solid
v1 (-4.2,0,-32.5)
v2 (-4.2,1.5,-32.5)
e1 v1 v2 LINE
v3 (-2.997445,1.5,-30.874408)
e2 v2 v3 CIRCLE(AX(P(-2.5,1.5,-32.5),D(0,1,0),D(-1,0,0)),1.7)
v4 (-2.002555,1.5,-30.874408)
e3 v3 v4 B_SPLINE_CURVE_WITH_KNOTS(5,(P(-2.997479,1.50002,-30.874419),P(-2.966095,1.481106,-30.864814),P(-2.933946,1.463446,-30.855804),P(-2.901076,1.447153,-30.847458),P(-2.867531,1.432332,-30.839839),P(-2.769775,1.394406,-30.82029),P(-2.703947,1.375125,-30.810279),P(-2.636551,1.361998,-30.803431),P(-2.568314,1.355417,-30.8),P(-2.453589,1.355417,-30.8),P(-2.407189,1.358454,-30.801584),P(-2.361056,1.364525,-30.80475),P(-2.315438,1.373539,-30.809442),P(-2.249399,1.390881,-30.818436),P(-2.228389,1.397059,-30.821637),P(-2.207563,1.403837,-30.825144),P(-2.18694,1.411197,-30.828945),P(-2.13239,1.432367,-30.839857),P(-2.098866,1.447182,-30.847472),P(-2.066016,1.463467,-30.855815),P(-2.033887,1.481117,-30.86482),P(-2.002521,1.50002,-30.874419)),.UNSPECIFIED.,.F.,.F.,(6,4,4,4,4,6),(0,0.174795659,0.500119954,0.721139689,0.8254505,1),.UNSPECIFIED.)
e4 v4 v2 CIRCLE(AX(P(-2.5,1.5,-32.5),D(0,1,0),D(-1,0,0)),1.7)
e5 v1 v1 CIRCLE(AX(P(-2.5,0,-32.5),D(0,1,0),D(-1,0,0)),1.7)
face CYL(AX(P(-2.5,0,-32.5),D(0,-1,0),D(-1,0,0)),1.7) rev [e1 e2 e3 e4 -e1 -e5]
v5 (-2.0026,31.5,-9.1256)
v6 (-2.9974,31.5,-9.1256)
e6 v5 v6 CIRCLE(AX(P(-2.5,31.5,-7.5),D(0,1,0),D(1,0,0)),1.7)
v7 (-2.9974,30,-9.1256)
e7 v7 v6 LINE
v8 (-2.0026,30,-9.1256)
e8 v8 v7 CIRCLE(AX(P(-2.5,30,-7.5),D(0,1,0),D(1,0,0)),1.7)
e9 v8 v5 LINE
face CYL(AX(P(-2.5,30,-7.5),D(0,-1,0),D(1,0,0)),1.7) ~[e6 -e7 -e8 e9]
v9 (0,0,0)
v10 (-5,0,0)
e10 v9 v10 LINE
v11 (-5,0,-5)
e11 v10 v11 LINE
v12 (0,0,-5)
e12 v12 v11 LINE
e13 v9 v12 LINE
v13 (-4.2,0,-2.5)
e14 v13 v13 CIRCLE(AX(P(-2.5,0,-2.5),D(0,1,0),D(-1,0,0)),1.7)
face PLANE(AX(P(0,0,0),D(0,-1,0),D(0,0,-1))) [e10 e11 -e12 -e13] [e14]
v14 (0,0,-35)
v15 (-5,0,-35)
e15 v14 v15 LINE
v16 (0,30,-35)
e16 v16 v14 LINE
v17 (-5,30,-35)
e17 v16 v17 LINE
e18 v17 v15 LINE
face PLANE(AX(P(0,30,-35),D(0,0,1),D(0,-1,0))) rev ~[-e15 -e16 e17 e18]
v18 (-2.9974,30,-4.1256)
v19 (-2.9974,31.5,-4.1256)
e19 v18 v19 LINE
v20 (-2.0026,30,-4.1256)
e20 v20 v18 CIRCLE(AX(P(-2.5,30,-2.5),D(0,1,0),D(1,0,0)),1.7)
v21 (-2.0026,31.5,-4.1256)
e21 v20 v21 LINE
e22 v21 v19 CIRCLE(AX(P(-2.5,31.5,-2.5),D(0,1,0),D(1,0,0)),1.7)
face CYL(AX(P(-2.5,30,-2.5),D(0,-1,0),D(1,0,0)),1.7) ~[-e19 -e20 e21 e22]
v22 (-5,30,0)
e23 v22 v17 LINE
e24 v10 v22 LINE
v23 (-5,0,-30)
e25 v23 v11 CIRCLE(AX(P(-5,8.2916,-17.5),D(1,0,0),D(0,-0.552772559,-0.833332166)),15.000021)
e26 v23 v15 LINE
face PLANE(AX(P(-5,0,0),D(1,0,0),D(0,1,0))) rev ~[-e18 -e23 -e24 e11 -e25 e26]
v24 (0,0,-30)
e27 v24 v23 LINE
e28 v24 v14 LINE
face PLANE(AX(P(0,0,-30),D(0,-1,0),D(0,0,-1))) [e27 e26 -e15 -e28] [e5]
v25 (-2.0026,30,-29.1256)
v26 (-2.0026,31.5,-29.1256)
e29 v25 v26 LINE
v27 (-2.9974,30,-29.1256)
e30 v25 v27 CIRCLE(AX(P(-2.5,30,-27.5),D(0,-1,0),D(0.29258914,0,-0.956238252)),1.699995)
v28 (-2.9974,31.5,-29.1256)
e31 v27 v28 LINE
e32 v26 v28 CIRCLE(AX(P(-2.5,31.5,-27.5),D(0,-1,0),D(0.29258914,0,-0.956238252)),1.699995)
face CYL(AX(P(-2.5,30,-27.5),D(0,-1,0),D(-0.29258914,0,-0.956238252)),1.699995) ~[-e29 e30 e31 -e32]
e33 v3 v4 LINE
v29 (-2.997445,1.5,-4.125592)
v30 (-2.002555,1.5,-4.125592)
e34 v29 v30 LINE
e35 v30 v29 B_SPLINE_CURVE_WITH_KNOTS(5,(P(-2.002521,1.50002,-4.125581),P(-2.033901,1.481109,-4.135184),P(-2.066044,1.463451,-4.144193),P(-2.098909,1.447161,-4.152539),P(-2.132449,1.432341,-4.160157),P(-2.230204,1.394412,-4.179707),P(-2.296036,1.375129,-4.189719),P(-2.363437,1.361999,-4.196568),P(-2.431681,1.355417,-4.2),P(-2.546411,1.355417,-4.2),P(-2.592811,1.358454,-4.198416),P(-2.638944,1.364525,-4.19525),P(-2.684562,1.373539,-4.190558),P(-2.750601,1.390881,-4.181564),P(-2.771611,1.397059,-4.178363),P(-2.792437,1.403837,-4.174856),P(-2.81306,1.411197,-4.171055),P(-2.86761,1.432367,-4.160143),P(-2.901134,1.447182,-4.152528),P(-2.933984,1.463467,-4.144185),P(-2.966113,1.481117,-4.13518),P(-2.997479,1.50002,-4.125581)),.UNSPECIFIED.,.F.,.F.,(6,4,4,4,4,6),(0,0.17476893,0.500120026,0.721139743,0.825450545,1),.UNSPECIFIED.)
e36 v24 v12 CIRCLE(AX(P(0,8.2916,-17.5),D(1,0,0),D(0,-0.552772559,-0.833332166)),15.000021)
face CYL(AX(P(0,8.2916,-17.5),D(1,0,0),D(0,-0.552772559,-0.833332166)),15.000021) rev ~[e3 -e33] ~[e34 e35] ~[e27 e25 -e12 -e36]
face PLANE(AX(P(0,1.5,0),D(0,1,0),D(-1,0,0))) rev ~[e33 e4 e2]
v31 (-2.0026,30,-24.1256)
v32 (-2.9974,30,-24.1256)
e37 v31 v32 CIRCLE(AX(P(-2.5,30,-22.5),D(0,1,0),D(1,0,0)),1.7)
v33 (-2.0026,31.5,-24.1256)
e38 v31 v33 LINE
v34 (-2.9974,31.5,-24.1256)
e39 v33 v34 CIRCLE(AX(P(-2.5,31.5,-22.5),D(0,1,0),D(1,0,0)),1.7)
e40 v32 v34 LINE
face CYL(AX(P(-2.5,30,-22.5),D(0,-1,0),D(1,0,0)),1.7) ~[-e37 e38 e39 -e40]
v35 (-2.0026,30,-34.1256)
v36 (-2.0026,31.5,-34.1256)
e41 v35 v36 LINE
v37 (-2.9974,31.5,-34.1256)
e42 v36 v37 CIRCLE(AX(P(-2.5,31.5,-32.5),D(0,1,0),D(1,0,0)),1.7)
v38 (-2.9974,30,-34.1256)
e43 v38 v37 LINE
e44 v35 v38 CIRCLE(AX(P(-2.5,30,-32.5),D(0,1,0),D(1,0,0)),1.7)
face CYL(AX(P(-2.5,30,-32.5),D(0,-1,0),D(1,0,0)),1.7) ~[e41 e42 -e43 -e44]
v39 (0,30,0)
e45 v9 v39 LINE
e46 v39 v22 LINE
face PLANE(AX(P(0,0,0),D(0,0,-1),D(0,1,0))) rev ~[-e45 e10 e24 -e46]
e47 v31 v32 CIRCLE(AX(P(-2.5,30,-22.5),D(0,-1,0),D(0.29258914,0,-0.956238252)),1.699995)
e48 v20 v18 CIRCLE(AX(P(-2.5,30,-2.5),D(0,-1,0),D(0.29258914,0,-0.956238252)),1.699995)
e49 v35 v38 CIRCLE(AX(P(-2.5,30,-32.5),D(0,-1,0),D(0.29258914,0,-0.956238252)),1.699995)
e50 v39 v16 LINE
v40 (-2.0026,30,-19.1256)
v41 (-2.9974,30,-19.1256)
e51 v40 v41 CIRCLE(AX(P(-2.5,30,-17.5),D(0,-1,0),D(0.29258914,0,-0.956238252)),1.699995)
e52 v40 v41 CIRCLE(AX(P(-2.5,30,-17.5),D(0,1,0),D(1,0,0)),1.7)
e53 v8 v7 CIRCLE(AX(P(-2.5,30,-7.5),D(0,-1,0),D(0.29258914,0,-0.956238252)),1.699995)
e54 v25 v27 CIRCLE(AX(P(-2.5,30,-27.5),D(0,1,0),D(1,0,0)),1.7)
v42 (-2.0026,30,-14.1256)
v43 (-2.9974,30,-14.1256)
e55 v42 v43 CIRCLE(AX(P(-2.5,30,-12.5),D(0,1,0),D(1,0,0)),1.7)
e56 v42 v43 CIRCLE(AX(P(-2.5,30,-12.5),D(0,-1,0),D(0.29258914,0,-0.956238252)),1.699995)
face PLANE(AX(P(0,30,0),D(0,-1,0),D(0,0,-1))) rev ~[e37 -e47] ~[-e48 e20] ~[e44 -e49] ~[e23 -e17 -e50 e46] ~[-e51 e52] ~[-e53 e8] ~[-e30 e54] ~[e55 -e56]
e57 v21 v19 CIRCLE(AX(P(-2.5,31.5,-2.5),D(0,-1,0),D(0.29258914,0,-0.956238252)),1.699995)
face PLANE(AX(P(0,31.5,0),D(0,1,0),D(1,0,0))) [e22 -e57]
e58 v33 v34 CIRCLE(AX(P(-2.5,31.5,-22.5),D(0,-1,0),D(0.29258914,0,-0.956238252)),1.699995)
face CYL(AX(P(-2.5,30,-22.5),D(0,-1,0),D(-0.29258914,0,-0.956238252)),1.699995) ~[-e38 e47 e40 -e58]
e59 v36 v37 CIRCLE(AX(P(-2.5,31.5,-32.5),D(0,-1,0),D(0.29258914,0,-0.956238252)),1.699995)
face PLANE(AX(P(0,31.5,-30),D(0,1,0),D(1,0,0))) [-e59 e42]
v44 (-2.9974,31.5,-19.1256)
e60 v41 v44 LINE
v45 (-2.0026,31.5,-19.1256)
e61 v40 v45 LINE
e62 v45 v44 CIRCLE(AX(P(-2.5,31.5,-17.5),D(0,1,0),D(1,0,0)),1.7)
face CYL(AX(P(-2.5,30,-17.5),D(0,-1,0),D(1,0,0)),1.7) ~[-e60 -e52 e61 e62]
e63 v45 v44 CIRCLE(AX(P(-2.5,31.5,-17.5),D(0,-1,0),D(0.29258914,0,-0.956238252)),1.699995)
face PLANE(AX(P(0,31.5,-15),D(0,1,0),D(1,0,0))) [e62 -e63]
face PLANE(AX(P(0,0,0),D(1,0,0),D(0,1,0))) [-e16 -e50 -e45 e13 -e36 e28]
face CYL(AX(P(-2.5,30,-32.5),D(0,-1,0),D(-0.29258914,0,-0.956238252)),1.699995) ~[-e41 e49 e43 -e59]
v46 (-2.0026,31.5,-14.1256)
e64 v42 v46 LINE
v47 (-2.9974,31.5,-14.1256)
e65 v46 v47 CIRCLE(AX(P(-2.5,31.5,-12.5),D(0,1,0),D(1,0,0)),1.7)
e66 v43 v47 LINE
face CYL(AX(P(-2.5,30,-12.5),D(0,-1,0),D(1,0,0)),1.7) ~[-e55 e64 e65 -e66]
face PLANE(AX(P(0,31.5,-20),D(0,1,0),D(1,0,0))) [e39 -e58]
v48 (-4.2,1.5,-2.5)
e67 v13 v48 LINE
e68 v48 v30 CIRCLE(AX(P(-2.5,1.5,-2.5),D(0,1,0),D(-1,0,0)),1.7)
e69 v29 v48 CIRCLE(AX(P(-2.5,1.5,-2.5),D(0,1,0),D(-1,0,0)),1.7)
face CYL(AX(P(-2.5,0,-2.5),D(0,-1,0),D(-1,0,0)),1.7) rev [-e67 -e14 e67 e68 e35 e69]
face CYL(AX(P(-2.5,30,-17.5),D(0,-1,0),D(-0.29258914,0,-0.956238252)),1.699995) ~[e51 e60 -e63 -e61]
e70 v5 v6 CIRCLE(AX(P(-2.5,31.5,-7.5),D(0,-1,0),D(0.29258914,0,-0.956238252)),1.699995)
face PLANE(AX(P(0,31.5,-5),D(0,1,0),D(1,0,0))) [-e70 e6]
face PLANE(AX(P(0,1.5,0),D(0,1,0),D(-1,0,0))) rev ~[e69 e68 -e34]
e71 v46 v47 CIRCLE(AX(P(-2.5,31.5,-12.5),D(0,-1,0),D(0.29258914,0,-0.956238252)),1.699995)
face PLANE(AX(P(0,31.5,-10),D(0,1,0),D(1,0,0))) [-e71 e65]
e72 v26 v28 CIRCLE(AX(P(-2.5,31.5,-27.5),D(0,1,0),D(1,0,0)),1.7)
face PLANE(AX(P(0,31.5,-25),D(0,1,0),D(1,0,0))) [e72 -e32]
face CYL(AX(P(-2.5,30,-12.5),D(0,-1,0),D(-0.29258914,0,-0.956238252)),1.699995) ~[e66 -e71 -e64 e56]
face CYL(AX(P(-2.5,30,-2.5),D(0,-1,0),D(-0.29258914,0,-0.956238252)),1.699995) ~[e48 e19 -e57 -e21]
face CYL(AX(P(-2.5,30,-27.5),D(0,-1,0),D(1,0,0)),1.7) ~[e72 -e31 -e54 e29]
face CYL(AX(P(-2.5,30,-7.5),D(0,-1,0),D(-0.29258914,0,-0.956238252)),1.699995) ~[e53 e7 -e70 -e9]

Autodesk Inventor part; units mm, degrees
ref_plane "YZ Plane" through (0, 0, 0) normal (1, 0, 0) x (0, 1, 0)
ref_plane "XZ Plane" through (0, 0, 0) normal (0, 1, 0) x (-1, 0, 0)
ref_plane "XY Plane" through (0, 0, 0) normal (0, 0, 1) x (1, 0, 0)
sketch "草圖1" plane through (0, 0, 0) normal (0, 1, 0) x (-1, 0, 0)
  line L0 (5, 0) -> (0, 0)
  line L1 (0, 0) -> (0, -35)
  line L2 (0, -35) -> (5, -35)
  line L3 (5, -35) -> (5, 0)
  circle A0 centre (2.5, -2.5) radius 1.7
  circle A1 centre (2.5, -7.5) radius 1.7
  circle A2 centre (2.5, -12.5) radius 1.7
  circle A3 centre (2.5, -17.5) radius 1.7
  circle A4 centre (2.5, -22.5) radius 1.7
  circle A5 centre (2.5, -27.5) radius 1.7
  circle A6 centre (2.5, -32.5) radius 1.7
  line L4 (5, -5) -> (0, -5)
  line L5 (5, -30) -> (0, -30)
  dimension "d0" = 5
  dimension "d1" = 35
  dimension "d2" = 3.4
  dimension "d3" = 2.5
  dimension "d4" = 2.5
  dimension "d7" = 5
  dimension "d12" = 5
  dimension "d13" = 5
sketch "草圖2" plane through (0, 0, 0) normal (1, 0, 0) x (0, 1, 0)
  line L0 (0, 0) -> (0, -35) projected
  line L1 (0, 0) -> (30, 0)
  line L2 (30, 0) -> (30, -35)
  line L3 (30, -35) -> (0, -35)
  arc A0 (0, -30) -> (0, -5) centre (8.2916, -17.5) ccw
  point P0 (0, -5)
  dimension "d15" = 30
  dimension "d25" = 15
extrude "擠出1" add sketch "草圖2" against normal blind 5 contours L1 L2 L3 L0 A0
extrude "擠出2" cut sketch "草圖1" along normal blind 1.5 contours A0 | A6
sketch "草圖3" plane through (0, 30, 0) normal (0, 1, 0) x (1, 0, 0)
  arc A0 (-2.9974, 4.1256) -> (-2.0026, 4.1256) centre (-2.5, 2.5) ccw projected
  circle A1 centre (-2.5, 2.5) radius 1.7
  point P0 (0, 0)
  point P1 (-2.9974, 4.1256)
extrude "擠出4" add sketch "草圖3" along normal blind 1.5
pattern_linear "矩形陣列2" count 7 spacing 5 along (0, 0, -1) of "擠出4"
properties part number "110033226_ipt_22_塔樓門口"
